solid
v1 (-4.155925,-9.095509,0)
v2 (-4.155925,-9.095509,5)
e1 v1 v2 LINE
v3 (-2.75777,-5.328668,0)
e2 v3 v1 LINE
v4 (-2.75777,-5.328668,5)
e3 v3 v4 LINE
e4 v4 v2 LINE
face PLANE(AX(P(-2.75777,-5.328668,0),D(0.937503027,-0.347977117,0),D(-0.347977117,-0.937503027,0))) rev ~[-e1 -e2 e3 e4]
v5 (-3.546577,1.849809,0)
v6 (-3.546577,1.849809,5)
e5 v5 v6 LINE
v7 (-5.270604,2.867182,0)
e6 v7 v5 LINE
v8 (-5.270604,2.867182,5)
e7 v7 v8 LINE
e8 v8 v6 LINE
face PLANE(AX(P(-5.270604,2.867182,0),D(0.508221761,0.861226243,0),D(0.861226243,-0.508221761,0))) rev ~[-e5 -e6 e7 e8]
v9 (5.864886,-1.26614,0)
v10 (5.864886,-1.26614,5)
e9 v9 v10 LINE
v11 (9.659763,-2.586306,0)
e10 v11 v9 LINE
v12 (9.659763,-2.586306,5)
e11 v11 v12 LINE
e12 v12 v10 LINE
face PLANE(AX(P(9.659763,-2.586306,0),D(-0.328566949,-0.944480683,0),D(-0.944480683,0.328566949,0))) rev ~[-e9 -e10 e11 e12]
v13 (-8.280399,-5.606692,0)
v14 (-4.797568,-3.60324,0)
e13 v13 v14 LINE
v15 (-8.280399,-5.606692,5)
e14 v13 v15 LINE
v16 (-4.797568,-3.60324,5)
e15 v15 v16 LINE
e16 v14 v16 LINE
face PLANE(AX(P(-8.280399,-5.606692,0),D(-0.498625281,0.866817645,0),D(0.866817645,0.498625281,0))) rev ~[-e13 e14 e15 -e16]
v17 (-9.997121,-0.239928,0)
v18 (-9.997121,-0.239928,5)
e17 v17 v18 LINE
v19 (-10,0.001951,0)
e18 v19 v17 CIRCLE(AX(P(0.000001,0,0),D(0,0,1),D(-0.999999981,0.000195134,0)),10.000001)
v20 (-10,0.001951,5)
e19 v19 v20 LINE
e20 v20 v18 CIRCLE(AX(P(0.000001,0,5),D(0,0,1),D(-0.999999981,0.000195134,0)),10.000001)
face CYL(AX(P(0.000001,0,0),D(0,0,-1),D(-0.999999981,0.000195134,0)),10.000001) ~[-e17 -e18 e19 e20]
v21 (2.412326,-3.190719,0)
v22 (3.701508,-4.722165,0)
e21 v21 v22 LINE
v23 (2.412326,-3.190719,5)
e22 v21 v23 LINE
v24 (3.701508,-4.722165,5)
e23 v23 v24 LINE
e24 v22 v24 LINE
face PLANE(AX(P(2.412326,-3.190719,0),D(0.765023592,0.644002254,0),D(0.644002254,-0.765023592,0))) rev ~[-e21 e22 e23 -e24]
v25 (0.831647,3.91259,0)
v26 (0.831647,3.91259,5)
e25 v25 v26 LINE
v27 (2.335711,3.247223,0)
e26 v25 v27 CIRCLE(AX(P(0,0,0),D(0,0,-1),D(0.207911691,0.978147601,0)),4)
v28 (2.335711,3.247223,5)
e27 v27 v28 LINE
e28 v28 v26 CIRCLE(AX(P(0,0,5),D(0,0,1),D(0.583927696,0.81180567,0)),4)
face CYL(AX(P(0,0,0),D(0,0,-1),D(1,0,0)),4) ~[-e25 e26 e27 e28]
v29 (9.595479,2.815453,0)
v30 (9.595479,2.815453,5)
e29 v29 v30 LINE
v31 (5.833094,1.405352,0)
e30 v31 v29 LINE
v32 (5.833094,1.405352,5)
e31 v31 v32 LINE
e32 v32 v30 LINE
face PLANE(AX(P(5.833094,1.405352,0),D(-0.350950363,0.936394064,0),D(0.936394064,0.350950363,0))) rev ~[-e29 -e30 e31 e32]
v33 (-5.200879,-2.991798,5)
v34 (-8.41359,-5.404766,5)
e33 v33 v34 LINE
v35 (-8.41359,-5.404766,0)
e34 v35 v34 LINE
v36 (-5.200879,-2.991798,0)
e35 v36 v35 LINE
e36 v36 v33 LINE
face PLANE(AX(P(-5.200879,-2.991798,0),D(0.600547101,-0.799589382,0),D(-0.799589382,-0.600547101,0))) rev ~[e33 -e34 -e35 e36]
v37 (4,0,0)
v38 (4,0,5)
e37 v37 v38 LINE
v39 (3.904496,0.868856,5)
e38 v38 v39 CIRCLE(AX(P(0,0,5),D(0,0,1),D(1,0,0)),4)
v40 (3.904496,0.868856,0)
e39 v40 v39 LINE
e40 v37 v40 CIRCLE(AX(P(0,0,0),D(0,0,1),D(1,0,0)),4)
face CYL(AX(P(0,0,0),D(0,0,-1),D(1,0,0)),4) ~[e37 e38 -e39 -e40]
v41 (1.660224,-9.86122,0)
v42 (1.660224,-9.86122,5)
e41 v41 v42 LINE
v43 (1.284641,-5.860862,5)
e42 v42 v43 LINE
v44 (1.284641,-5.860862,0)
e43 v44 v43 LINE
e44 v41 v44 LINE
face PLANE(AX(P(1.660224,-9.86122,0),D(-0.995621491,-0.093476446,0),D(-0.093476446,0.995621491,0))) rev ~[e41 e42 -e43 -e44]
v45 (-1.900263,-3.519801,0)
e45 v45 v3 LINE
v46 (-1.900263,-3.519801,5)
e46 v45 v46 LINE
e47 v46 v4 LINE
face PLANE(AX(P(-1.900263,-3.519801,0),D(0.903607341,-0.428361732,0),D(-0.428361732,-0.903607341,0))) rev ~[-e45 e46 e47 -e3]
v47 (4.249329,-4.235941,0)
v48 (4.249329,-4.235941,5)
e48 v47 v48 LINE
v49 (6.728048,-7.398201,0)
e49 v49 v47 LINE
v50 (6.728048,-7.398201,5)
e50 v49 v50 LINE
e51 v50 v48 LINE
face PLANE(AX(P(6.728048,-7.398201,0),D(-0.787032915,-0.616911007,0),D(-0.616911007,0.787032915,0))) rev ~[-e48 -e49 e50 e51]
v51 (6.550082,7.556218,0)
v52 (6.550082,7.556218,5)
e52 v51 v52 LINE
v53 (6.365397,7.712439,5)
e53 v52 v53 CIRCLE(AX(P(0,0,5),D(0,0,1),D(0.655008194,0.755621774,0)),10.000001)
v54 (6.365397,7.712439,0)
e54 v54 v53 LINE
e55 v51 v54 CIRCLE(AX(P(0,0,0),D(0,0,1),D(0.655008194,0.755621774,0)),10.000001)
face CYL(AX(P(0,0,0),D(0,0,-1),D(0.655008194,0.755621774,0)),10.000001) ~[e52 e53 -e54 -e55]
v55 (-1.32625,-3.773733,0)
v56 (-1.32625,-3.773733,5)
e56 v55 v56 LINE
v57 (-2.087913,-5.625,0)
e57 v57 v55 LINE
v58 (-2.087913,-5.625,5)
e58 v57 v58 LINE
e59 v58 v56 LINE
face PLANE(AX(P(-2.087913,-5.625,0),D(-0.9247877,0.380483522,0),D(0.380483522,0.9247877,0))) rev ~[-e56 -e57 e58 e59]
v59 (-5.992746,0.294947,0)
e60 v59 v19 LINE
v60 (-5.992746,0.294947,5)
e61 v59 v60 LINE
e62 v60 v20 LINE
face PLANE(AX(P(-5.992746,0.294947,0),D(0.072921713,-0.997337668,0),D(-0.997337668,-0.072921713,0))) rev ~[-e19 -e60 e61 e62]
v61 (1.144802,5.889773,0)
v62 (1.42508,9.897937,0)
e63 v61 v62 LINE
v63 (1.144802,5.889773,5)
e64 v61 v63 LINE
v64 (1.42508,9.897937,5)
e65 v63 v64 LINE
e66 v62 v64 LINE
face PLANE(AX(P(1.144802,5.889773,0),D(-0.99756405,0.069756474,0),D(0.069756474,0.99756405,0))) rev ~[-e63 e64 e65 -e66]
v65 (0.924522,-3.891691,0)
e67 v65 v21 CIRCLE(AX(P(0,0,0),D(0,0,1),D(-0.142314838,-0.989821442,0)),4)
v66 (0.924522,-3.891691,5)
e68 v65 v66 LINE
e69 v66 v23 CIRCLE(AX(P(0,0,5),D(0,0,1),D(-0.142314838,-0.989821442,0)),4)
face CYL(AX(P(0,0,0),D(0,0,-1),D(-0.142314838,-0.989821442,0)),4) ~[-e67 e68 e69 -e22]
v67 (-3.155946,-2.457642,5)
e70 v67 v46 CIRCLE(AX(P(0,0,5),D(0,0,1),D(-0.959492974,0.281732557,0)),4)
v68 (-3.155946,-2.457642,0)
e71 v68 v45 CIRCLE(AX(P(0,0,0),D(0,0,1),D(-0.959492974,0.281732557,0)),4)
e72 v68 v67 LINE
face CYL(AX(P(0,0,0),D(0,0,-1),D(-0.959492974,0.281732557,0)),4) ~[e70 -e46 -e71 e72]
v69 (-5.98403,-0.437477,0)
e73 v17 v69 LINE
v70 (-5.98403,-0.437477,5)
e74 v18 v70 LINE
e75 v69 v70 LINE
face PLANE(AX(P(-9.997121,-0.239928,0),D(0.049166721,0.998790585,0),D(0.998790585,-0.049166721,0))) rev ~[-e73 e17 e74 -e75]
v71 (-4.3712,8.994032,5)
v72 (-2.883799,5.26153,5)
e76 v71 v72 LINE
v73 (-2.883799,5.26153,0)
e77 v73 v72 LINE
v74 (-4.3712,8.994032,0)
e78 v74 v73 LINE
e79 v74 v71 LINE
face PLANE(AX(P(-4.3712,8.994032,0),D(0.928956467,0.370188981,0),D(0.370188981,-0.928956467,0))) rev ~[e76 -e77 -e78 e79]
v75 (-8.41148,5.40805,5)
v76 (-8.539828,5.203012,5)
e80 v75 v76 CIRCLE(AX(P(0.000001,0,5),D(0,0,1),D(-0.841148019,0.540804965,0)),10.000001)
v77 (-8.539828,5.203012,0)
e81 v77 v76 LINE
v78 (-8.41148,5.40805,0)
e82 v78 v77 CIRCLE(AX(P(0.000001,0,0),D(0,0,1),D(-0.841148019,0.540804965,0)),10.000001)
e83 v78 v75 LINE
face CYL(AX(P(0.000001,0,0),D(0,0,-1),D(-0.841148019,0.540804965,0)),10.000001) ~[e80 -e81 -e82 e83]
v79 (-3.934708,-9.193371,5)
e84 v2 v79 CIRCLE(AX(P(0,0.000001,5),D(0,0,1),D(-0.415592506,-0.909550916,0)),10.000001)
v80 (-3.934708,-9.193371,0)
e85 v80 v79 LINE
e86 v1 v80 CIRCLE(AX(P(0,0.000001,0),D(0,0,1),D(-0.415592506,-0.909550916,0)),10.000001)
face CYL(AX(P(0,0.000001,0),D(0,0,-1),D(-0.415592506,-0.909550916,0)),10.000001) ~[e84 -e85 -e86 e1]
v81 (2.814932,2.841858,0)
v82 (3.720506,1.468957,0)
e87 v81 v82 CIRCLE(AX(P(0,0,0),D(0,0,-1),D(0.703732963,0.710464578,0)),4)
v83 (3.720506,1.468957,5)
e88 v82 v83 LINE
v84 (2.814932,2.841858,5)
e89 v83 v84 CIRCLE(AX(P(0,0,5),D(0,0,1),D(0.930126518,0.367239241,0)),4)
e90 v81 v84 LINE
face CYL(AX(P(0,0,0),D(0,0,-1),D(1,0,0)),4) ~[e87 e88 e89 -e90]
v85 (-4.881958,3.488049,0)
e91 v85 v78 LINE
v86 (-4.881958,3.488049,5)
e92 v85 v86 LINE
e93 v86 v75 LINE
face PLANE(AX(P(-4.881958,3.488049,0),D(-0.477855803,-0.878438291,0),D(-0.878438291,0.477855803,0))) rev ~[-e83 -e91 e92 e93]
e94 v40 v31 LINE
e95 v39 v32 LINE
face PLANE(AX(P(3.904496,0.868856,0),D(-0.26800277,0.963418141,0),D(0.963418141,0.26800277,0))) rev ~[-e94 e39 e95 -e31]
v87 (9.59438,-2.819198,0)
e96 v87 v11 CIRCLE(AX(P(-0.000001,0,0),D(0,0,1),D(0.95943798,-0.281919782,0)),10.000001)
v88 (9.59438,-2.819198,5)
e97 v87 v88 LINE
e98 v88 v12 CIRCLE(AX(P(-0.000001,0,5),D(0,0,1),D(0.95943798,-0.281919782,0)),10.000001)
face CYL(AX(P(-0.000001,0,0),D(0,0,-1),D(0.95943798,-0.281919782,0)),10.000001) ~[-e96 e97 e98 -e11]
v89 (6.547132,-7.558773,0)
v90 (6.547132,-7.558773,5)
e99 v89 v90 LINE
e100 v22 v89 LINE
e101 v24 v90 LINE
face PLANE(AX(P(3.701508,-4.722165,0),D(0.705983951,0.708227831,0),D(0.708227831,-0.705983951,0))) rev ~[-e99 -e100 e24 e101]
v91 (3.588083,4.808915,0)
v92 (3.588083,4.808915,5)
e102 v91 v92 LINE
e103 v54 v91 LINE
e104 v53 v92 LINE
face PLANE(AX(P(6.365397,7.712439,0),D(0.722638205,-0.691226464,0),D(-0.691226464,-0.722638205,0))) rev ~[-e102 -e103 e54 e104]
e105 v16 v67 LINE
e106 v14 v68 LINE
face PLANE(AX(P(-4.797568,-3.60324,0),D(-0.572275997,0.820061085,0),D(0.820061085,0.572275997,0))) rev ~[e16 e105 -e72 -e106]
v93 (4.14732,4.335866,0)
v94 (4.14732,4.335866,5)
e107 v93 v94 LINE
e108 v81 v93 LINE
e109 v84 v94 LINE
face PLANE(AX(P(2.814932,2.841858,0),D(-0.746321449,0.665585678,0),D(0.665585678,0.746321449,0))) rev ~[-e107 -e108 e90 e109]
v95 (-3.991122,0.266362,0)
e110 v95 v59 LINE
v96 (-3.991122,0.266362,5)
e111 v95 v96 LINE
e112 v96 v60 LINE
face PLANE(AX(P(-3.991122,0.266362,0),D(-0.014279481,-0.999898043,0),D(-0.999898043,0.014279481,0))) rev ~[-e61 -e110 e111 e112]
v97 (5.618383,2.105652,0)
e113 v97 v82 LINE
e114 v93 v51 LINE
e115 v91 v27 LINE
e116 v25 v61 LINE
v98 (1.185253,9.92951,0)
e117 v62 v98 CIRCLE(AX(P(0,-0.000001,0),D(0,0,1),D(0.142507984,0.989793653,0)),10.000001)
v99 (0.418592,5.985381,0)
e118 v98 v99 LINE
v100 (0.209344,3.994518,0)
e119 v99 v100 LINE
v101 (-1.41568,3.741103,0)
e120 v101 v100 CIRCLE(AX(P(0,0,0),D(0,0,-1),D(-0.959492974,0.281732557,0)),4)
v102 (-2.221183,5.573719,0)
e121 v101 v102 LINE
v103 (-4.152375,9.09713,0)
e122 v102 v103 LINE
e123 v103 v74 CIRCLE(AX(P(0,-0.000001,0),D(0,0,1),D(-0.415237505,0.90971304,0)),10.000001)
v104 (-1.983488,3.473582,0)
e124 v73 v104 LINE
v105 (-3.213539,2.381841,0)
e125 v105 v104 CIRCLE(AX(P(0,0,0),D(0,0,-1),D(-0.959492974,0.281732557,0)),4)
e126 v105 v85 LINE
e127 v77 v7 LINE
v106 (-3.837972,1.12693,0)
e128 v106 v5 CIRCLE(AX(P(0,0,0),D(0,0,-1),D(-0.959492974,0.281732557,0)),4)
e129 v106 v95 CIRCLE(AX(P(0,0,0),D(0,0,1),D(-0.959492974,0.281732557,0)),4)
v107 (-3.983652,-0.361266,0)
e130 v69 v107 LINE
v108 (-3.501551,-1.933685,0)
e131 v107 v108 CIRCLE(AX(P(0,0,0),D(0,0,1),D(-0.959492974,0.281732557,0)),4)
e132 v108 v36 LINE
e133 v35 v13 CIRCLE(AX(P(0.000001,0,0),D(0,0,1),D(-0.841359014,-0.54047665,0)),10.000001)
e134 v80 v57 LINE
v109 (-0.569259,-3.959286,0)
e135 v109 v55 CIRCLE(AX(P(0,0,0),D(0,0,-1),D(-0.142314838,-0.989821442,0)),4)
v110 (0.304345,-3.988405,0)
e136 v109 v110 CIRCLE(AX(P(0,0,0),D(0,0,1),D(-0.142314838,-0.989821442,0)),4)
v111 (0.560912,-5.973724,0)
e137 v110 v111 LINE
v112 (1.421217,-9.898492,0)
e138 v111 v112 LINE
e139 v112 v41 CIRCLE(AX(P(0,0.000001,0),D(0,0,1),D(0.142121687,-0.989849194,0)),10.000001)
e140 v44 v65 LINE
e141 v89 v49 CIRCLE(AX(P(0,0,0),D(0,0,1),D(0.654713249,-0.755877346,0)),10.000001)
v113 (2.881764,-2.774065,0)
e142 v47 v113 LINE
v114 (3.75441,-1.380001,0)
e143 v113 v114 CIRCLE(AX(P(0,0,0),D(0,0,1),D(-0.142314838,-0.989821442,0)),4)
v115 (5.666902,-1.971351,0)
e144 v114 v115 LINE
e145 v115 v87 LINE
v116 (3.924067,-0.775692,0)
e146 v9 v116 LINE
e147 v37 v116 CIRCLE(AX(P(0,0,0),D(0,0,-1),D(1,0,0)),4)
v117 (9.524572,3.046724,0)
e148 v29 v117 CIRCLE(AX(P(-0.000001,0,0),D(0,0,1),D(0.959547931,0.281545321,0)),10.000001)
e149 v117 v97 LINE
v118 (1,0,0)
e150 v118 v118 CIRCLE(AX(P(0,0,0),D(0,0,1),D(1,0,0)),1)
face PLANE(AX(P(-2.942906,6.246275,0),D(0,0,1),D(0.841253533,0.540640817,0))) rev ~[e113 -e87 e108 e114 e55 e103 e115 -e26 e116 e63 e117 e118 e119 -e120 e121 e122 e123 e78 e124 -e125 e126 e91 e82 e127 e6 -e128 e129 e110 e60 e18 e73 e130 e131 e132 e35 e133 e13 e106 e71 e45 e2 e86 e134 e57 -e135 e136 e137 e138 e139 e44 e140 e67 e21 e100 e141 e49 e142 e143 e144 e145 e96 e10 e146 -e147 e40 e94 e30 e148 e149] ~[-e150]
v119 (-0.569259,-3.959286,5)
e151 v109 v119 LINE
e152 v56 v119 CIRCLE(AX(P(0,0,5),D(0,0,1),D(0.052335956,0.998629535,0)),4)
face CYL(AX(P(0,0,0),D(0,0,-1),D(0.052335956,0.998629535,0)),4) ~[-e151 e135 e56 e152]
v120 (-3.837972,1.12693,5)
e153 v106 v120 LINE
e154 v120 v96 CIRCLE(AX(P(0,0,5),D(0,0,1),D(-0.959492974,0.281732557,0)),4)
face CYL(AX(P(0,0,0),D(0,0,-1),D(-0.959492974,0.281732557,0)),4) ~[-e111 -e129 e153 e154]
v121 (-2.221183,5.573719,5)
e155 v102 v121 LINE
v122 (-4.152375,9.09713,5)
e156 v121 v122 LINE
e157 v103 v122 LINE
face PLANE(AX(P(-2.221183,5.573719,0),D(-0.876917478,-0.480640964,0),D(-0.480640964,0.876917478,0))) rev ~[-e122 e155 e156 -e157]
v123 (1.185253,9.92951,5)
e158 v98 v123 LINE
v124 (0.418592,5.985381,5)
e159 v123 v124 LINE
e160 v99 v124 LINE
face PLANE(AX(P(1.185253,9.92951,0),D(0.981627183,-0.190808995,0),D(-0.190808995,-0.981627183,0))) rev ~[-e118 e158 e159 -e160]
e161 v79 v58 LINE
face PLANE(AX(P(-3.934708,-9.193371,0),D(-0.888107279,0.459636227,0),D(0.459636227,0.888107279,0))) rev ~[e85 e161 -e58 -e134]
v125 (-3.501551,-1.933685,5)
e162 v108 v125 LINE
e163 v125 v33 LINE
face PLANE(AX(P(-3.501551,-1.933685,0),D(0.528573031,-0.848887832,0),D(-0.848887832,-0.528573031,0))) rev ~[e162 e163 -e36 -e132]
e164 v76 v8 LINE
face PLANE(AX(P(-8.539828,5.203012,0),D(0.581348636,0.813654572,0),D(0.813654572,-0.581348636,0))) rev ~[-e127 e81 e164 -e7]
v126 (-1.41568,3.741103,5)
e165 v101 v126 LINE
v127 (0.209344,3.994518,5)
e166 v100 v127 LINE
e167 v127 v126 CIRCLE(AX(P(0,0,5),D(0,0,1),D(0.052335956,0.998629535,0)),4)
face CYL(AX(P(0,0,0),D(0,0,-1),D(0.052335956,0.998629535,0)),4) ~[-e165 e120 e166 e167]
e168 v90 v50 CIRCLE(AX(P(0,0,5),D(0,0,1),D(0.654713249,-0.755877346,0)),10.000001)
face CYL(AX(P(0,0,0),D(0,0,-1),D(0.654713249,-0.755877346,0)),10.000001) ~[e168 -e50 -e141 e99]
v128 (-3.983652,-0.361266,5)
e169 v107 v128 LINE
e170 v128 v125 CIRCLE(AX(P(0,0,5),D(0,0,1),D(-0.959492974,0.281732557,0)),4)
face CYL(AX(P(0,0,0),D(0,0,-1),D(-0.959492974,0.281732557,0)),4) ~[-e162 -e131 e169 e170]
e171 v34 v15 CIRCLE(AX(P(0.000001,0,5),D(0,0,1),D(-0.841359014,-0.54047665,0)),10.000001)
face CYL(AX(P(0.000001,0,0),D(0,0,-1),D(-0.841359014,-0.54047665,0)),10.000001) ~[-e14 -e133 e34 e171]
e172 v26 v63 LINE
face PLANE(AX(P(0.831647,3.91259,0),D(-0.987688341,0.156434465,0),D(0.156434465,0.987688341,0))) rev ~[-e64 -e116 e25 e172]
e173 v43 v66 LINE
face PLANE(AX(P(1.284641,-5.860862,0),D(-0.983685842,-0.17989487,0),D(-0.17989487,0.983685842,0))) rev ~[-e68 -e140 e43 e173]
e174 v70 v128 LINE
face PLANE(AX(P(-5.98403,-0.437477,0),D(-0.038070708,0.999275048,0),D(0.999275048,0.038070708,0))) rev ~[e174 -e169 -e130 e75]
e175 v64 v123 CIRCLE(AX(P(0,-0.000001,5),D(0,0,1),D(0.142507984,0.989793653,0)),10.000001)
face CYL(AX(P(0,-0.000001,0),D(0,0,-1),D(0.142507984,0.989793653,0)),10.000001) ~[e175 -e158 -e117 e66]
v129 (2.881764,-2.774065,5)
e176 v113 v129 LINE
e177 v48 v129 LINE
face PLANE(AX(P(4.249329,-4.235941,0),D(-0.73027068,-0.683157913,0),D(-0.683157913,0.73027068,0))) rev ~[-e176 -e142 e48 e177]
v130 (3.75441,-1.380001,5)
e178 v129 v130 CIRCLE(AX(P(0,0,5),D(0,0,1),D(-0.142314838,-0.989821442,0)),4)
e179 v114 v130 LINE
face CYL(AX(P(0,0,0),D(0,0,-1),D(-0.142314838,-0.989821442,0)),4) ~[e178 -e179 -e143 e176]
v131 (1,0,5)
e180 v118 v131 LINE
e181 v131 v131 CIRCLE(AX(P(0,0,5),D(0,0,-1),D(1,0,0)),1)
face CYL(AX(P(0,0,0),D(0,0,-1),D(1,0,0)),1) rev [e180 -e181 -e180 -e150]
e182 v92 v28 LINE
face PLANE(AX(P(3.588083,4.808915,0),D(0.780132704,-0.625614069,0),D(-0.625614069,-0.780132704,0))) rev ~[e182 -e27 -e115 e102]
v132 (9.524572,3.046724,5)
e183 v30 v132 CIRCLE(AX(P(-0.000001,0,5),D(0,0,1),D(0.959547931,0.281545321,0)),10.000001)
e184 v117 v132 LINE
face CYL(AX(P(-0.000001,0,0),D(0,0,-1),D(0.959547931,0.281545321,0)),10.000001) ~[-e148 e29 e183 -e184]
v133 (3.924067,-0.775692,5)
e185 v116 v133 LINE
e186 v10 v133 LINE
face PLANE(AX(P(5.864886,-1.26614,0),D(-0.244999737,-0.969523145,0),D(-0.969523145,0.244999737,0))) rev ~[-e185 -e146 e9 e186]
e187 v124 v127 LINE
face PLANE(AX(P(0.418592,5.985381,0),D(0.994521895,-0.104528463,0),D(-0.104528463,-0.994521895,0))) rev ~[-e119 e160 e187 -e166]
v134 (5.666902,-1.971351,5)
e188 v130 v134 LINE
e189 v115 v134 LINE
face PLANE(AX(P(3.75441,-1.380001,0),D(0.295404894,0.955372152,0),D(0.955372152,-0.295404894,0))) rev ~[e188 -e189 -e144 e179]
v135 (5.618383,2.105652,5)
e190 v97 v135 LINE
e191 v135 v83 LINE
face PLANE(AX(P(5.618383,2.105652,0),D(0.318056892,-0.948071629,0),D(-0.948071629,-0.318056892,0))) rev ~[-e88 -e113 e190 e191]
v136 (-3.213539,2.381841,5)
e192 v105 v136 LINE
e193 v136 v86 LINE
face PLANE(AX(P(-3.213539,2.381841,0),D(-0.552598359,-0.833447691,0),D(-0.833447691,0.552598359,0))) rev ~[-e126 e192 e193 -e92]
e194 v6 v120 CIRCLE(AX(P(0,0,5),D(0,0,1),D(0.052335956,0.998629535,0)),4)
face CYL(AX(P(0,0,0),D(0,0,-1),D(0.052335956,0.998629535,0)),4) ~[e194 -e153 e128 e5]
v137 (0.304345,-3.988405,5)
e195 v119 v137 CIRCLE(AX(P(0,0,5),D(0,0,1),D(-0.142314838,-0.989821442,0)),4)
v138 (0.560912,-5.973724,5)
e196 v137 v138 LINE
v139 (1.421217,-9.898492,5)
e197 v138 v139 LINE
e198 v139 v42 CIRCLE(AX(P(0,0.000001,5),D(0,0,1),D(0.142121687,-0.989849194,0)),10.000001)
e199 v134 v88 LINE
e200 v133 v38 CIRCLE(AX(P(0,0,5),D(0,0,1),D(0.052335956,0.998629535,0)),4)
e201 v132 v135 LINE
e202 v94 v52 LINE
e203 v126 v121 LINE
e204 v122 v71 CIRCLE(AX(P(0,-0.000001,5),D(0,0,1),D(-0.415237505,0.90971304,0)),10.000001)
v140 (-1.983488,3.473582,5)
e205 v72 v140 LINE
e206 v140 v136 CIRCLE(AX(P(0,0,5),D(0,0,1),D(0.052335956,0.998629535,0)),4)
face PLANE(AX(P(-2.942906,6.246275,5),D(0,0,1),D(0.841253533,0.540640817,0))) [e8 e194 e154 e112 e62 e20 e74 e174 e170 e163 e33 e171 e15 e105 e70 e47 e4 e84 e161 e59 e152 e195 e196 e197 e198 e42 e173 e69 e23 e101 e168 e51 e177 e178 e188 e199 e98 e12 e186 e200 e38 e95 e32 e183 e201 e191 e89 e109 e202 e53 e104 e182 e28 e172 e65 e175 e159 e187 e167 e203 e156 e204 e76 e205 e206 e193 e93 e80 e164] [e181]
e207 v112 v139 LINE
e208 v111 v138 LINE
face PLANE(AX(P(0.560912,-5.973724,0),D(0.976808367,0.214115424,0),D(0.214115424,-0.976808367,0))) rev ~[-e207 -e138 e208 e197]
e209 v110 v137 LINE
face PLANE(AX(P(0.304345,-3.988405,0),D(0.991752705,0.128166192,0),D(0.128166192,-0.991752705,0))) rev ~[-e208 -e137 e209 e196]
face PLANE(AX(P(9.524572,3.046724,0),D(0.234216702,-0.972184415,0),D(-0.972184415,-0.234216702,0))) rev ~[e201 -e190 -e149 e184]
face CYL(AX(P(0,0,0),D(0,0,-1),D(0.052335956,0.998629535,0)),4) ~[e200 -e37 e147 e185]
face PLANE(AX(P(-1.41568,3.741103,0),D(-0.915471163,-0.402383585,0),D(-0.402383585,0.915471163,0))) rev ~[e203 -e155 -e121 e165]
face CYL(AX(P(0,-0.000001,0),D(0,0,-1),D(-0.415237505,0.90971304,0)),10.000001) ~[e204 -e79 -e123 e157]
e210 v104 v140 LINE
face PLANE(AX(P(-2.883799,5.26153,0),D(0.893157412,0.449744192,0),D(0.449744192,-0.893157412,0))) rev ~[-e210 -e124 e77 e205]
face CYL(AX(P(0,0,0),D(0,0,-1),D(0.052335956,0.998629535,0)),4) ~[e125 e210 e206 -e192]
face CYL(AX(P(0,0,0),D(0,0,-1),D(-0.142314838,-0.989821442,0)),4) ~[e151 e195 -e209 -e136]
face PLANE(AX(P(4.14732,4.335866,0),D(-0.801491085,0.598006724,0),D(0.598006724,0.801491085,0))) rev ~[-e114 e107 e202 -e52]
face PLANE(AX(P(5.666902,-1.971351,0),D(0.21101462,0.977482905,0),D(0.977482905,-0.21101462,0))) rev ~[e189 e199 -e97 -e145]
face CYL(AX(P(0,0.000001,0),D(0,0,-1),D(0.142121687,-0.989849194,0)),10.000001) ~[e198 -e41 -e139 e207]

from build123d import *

# Parameters (mm, degrees)
F0_R     = 1
F1_DEPTH = 5
F2_DEPTH = 5
F3_COUNT = 11


with BuildPart() as f1:
    # F0 (on Top) → F1 (new body)
    with BuildSketch(Plane.XY):
        with BuildLine():
            ThreePointArc((4, 0), (3.1085838458, 2.5172815642), (0.8316467633, 3.9125904029))
            ThreePointArc((0.8316467633, 3.9125904029), (0.5221047689, 3.9657794455), (0.209343825, 3.994518139))
            ThreePointArc((0.209343825, 3.994518139), (-2.901497484, -2.7534183028), (4, 0))
        make_face()
        Circle(F0_R, mode=Mode.SUBTRACT)
    extrude(amount=F1_DEPTH)

    # F0 (on Top) → F2 (join)
    with BuildSketch(Plane.XY):
        with BuildLine():
            Line((1.1448017618, 5.8897732491), (1.4250798414, 9.8979365246))
            ThreePointArc((1.4250798414, 9.8979365246), (1.3052619222, 9.9144486137), (1.1852530565, 9.9295103199))
            Line((1.1852530565, 9.9295103199), (0.4185919005, 5.9853805911))
            Line((0.4185919005, 5.9853805911), (0.209343825, 3.994518139))
            ThreePointArc((0.209343825, 3.994518139), (0.5221047689, 3.9657794455), (0.8316467633, 3.9125904029))
            Line((0.8316467633, 3.9125904029), (1.1448017618, 5.8897732491))
        make_face()
    extrude(amount=F2_DEPTH)

    # F3: F1 ×11 about axis
    f3_axis = Axis((0, 0, 0), (0, 0, -1))


with BuildPart() as f1_1:
    add(f1.part)
    for i in range(1, F3_COUNT):
        add(f1.part.rotate(f3_axis, i * 360 / F3_COUNT))


solid = f1_1.part
